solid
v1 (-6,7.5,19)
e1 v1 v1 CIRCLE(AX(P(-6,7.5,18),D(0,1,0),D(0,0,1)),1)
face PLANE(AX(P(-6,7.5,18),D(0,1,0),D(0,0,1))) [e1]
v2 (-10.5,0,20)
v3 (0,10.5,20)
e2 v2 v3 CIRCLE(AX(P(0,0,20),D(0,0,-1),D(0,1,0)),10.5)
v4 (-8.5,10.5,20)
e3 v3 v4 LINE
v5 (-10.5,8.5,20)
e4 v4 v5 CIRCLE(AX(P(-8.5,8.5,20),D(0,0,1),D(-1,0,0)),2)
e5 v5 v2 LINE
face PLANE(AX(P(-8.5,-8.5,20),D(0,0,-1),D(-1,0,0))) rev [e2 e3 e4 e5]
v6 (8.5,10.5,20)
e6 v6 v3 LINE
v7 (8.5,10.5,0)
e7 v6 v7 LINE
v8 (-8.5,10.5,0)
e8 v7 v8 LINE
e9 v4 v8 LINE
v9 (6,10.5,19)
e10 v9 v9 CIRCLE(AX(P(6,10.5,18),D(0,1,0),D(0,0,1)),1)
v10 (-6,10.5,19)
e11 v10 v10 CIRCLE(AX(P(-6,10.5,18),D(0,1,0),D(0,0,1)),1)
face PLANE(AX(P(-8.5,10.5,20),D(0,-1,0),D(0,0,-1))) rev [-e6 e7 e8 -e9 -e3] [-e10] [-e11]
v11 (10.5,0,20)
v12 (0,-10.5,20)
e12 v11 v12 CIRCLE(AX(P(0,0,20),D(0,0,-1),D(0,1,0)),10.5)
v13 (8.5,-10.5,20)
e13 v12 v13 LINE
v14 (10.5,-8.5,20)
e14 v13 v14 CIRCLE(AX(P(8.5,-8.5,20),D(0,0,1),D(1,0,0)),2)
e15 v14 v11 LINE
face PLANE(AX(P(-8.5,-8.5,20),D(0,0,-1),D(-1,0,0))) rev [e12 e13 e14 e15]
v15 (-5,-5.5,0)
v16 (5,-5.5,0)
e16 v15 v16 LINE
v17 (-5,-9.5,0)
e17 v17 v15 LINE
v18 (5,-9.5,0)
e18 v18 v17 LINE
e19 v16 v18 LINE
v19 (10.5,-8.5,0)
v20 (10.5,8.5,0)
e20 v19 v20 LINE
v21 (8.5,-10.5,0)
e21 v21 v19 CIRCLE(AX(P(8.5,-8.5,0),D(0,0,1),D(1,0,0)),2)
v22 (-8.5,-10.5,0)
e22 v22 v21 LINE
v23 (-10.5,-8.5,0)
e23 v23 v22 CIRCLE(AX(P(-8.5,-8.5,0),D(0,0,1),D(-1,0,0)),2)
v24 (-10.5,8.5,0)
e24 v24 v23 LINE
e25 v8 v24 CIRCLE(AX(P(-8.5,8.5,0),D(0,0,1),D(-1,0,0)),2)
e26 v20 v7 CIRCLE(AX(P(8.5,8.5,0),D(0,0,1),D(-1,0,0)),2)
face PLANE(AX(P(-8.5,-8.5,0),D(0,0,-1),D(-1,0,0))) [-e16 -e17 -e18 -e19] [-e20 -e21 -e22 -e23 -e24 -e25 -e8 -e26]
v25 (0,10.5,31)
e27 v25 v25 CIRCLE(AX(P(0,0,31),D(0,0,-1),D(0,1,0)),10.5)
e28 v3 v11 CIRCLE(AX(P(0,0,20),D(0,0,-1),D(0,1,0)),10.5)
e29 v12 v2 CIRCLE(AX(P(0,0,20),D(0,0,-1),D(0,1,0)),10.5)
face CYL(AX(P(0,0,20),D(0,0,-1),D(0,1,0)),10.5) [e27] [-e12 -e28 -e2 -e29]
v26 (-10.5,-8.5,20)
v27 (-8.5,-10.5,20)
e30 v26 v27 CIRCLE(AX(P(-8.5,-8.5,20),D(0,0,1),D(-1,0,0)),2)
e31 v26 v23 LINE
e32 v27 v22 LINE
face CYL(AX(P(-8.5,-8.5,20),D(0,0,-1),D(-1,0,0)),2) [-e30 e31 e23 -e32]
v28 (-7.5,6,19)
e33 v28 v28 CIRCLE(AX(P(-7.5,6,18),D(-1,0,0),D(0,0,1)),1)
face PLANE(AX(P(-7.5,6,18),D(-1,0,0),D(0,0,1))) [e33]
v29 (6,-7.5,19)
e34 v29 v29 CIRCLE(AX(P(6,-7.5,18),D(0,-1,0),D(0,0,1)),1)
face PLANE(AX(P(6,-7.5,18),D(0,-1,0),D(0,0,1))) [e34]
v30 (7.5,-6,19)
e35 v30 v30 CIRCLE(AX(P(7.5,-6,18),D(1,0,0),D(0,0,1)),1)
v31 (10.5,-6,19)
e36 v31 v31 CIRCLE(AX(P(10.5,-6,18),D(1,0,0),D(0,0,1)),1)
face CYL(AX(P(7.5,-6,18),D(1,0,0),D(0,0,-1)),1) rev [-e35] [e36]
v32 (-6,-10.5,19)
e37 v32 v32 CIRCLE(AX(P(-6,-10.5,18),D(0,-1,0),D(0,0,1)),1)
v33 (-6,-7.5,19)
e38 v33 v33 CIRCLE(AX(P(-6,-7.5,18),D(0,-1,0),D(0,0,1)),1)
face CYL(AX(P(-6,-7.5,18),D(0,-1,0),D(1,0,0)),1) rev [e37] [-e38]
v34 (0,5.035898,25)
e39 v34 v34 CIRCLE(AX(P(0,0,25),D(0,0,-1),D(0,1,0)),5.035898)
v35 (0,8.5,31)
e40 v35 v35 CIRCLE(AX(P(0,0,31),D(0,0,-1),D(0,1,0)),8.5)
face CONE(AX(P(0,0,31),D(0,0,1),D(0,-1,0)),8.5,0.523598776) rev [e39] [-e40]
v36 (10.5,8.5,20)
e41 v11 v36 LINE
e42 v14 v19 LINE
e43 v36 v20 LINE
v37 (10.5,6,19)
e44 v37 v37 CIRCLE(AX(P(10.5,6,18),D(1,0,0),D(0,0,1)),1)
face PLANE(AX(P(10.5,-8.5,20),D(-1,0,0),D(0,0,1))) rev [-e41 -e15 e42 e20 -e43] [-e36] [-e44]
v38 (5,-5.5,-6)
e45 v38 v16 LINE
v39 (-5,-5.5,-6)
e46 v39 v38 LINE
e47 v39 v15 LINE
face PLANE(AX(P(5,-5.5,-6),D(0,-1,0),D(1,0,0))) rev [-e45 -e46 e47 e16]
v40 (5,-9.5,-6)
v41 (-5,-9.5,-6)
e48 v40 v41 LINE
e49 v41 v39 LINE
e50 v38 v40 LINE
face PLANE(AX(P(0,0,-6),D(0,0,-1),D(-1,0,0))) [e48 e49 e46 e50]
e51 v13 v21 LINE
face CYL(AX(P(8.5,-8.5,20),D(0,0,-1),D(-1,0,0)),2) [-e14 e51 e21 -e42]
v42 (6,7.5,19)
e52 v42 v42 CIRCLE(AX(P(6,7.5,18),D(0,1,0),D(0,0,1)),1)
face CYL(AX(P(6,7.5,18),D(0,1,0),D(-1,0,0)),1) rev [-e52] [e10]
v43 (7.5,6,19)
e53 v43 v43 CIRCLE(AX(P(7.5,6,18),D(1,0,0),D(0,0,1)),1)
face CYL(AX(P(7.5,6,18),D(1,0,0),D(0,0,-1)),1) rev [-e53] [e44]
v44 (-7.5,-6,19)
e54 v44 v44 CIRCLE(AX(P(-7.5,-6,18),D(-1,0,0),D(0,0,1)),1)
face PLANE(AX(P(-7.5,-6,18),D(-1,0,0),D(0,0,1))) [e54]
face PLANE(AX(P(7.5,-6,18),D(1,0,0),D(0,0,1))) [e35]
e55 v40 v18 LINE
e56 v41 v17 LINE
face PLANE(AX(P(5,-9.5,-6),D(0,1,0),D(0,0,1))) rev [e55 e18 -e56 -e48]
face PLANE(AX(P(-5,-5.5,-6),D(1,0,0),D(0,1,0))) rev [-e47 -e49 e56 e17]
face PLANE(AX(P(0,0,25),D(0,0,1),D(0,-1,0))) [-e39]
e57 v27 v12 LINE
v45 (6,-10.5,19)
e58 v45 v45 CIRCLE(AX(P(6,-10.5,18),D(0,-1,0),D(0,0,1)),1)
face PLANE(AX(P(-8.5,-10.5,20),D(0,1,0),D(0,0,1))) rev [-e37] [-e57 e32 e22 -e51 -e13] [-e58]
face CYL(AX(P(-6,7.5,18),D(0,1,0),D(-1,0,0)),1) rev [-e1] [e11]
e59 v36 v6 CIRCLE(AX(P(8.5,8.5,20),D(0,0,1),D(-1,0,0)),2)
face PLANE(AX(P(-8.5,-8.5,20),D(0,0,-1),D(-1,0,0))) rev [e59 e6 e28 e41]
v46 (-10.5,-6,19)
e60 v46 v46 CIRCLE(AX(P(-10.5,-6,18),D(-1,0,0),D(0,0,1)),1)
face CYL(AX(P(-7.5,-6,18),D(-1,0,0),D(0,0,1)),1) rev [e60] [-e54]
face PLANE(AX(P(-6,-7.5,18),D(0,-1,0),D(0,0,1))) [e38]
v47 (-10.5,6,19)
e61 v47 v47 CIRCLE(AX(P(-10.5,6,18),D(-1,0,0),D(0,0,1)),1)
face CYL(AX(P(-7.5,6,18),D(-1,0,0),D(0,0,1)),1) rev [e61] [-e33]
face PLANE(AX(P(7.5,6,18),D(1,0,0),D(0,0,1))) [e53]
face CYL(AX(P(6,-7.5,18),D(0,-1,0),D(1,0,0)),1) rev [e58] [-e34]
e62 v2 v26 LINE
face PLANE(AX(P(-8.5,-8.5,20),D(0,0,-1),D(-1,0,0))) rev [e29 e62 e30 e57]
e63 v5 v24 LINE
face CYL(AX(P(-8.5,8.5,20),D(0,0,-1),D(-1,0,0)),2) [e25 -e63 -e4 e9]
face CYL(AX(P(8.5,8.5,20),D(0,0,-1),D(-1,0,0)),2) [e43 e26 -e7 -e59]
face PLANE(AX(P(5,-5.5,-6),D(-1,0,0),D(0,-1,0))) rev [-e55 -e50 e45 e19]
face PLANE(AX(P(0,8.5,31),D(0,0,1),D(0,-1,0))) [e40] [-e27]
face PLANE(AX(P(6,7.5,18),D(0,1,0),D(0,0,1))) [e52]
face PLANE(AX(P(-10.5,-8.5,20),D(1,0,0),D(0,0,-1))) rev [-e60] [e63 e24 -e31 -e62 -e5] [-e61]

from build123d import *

# Parameters (mm, degrees)
BOSS_EXTRUDE1_DEPTH = 20
SKETCH4_W           = 10
SKETCH4_H           = 4
BOSS_EXTRUDE2_DEPTH = 6
SKETCH5_R           = 1
CUT_EXTRUDE1_DEPTH  = 3
CIRPATTERN1_COUNT   = 4


with BuildPart() as part:
    # Sketch1 → Boss-Extrude1 (new body)
    with BuildSketch(Plane.XY):
        with BuildLine():
            Line((-8.5, -10.5), (8.5, -10.5))
            ThreePointArc((8.5, -10.5), (9.914213562, -9.914213562), (10.5, -8.5))
            Line((10.5, -8.5), (10.5, 8.5))
            ThreePointArc((10.5, 8.5), (9.914213562, 9.914213562), (8.5, 10.5))
            Line((8.5, 10.5), (-8.5, 10.5))
            ThreePointArc((-8.5, 10.5), (-9.914213562, 9.914213562), (-10.5, 8.5))
            Line((-10.5, 8.5), (-10.5, -8.5))
            ThreePointArc((-10.5, -8.5), (-9.914213562, -9.914213562), (-8.5, -10.5))
        make_face()
    extrude(amount=BOSS_EXTRUDE1_DEPTH)

    # Sketch3 → Revolve1 (revolve)
    with BuildSketch(Plane(origin=(0, 0, 0), x_dir=(0, 0, -1), z_dir=(1, 0, 0))):
        Polygon((-20, 10.5), (-20, 0), (-25, 0), (-25, 5.035898385), (-31, 8.5), (-31, 10.5), align=None)
    revolve(axis=Axis((0, 0, 20), (0, 0, 1)))

    # Sketch4 → Boss-Extrude2 (add)
    with BuildSketch(Plane(origin=(0, 0, 0), x_dir=(-1, 0, 0), z_dir=(0, 0, -1))):
        with Locations((0, -7.5)):
            Rectangle(SKETCH4_W, SKETCH4_H)
    extrude(amount=BOSS_EXTRUDE2_DEPTH)

    # Sketch5 → Cut-Extrude1 (cut)
    with BuildSketch(Plane.ZY.offset(10.5)):
        with Locations((18, 6)):
            Circle(SKETCH5_R)
        with Locations((18, -6)):
            Circle(SKETCH5_R)
    cut_extrude1 = extrude(amount=-CUT_EXTRUDE1_DEPTH, mode=Mode.SUBTRACT)

    # CirPattern1: Cut-Extrude1 ×4 about axis
    cirpattern1_axis = Axis((0, 0, 0), (0, 0, 1))
    for i in range(1, CIRPATTERN1_COUNT):
        add(cut_extrude1.rotate(cirpattern1_axis, i * 360 / CIRPATTERN1_COUNT), mode=Mode.SUBTRACT)


solid = part.part
